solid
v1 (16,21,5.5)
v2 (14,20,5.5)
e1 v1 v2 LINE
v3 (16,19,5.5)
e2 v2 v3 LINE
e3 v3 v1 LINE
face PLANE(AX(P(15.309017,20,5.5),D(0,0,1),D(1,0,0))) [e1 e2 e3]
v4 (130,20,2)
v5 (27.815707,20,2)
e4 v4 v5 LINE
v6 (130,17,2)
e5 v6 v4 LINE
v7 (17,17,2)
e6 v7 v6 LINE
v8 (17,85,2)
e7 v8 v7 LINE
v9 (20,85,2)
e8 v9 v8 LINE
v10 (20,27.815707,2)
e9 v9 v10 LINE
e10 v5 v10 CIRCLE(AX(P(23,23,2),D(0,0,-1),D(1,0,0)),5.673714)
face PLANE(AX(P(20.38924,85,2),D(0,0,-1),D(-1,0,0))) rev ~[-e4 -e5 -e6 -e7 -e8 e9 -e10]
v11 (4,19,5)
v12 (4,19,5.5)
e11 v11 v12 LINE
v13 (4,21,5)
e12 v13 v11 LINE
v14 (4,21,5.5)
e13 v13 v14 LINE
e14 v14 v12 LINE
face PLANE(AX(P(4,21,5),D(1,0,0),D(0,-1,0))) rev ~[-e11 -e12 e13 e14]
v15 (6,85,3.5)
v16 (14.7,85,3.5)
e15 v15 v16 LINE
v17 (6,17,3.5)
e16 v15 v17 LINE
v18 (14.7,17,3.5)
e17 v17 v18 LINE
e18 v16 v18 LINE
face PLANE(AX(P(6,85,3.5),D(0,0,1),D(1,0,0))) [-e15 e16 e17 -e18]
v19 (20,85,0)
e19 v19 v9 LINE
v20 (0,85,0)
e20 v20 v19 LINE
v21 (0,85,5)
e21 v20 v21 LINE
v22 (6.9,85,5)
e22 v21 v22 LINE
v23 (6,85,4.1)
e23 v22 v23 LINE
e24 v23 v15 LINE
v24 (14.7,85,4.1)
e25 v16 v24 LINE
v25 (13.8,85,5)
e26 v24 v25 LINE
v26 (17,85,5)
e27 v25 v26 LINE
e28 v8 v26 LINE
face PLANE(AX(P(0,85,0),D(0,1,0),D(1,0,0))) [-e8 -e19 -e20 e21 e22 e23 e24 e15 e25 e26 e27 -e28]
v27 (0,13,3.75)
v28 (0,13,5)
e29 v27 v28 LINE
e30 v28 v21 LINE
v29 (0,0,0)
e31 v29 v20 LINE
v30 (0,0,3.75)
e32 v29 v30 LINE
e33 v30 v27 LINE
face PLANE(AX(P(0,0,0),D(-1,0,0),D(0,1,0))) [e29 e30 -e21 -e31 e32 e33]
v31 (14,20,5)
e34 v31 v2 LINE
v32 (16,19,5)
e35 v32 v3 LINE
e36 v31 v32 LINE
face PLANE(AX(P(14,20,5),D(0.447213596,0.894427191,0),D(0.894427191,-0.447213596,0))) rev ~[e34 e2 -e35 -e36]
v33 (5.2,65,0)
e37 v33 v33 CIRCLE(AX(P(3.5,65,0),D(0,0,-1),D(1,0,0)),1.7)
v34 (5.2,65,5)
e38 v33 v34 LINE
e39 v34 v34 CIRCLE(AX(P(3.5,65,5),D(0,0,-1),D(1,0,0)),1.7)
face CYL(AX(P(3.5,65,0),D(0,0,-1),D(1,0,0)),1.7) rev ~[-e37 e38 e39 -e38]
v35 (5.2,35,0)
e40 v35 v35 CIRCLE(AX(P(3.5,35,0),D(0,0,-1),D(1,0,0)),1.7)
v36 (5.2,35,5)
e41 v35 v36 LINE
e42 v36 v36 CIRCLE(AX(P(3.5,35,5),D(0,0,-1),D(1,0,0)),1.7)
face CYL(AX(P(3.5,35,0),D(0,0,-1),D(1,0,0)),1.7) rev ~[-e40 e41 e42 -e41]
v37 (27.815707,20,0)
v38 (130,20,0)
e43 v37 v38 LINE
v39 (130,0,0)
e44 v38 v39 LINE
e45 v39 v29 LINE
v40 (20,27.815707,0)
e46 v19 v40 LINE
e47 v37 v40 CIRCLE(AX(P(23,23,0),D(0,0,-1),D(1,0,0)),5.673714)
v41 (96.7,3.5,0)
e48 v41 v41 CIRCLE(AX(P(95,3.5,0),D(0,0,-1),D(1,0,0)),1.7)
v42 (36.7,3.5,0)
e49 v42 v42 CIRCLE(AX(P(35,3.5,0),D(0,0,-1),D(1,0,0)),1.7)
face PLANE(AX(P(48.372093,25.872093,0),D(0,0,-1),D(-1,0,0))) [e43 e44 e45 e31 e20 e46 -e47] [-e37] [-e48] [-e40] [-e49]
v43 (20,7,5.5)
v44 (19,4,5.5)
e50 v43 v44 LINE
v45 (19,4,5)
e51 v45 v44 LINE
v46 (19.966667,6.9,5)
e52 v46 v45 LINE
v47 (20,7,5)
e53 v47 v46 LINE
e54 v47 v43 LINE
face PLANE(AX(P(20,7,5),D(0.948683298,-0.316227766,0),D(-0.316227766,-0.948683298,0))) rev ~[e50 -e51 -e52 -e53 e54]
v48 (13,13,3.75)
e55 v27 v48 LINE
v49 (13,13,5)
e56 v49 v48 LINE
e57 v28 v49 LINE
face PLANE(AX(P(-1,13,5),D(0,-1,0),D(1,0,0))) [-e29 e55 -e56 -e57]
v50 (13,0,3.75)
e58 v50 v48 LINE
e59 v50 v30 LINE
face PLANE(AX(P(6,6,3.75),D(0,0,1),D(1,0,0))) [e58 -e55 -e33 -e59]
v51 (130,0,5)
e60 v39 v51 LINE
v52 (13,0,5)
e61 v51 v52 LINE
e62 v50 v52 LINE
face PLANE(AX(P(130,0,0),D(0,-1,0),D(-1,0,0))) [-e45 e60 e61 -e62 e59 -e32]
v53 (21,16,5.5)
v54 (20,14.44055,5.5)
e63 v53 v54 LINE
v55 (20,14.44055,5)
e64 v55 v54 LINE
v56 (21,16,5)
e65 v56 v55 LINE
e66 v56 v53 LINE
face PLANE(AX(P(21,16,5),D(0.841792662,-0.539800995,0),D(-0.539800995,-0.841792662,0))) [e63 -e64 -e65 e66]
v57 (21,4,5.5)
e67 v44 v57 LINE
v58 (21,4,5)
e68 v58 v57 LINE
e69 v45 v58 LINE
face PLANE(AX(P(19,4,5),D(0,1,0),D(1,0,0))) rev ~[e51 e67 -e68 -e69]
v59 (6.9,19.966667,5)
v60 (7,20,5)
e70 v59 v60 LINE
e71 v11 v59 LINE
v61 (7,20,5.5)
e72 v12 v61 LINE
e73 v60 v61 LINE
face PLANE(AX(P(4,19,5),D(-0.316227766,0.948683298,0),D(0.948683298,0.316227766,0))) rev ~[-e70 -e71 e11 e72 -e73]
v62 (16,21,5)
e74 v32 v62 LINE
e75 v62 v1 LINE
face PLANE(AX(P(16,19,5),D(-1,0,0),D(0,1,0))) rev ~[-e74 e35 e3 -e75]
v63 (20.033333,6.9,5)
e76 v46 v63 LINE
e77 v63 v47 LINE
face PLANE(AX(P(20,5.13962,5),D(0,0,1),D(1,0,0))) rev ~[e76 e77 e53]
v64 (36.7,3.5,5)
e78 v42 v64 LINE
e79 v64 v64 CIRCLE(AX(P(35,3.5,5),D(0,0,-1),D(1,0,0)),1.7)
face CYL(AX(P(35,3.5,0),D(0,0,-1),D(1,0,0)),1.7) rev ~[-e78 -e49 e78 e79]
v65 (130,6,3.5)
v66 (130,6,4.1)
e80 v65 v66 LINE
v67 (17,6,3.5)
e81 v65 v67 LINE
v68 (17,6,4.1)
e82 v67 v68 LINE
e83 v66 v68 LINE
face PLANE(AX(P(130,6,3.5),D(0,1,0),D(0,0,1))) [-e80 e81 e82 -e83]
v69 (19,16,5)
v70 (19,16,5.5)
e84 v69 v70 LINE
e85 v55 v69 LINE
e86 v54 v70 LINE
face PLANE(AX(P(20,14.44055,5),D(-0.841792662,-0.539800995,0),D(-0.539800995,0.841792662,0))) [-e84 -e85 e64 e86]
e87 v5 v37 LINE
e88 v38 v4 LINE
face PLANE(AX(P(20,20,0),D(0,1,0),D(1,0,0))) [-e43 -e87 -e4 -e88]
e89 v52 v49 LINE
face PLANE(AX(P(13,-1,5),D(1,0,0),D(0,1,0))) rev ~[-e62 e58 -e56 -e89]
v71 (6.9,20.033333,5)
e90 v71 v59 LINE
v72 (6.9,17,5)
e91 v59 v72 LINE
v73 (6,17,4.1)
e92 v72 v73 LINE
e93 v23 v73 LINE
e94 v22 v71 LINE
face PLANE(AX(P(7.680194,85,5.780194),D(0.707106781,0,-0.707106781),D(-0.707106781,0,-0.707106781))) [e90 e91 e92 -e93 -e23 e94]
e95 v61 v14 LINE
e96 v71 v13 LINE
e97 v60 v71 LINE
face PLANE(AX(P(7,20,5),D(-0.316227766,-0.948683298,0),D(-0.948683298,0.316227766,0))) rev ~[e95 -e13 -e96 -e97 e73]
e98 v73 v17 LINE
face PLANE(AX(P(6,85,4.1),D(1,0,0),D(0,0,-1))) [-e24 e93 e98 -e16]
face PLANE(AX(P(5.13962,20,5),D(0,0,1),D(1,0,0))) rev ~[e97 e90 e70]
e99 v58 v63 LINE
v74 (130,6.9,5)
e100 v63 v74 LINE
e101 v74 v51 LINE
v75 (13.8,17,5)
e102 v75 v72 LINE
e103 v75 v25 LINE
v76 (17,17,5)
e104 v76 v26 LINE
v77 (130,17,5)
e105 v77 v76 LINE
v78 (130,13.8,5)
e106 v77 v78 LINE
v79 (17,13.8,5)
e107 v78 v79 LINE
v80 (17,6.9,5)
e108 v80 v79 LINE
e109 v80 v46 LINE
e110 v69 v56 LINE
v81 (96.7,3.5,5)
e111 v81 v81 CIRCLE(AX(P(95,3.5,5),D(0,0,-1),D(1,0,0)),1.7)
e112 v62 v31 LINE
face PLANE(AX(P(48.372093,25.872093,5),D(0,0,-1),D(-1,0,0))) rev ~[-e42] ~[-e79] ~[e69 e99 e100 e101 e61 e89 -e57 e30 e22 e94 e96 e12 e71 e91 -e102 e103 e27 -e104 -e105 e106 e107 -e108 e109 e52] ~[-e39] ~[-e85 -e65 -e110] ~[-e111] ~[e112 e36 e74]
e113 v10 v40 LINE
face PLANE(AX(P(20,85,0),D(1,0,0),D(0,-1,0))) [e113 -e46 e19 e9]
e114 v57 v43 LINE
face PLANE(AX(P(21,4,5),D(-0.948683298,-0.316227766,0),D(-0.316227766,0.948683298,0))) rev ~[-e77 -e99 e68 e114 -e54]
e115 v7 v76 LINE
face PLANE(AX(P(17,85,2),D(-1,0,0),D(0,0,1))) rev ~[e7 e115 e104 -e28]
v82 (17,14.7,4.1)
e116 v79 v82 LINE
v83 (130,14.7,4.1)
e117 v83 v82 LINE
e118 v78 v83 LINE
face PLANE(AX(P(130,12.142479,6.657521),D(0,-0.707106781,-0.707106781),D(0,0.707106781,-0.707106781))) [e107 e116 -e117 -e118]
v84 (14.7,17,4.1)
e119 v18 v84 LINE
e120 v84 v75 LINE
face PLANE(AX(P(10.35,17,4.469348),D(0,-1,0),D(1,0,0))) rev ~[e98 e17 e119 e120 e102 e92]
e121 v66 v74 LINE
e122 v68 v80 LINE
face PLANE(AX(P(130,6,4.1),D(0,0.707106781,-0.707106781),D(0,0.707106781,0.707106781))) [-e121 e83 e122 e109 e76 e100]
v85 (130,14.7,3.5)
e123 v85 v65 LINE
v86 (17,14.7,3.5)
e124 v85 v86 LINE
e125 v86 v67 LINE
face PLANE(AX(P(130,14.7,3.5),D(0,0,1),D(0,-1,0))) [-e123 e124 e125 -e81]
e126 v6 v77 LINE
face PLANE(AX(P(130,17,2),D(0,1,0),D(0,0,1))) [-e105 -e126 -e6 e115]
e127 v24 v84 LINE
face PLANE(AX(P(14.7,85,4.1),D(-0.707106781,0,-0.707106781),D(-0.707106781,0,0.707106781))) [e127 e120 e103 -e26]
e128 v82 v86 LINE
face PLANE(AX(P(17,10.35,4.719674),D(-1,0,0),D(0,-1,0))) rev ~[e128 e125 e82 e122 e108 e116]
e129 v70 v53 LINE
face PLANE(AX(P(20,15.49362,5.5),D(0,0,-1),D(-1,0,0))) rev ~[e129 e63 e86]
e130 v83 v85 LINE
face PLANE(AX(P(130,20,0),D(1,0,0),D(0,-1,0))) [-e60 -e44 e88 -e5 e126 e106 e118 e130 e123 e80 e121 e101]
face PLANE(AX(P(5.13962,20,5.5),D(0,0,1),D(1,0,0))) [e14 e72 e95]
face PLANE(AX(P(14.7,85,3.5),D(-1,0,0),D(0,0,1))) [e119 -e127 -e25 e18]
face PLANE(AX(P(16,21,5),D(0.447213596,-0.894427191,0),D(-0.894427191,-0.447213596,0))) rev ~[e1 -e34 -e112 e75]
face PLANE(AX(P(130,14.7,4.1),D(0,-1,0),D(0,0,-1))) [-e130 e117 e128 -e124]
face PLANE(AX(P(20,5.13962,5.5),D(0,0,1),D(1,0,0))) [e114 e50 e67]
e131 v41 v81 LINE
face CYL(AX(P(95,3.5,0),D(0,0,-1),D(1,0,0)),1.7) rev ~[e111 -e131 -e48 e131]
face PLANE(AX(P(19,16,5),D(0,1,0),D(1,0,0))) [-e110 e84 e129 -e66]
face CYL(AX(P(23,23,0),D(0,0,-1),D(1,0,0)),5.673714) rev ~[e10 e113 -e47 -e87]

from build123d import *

# Parameters (mm, degrees)
PAD_DEPTH       = 5
POCKET_DEPTH    = 113
SKETCH002_W     = 4
SKETCH002_H     = 4
POCKET001_DEPTH = 113
SKETCH003_W     = 3.38924
SKETCH003_H     = 4
POCKET002_DEPTH = 68
POCKET003_DEPTH = 68
SKETCH005_W     = 14
SKETCH005_H     = 14
POCKET004_DEPTH = 1.25
PAD001_DEPTH    = 0.5
SKETCH007_R     = 5.673714
POCKET005_DEPTH = 5
SKETCH008_R     = 1.7
POCKET006_DEPTH = 5.501


with BuildPart() as part:
    # Sketch → Pad (new body)
    with BuildSketch(Plane.XY):
        Polygon((0, 0), (0, 85), (20, 85), (20, 20), (130, 20), (130, 0), align=None)
    extrude(amount=PAD_DEPTH)

    # Sketch001 → Pocket (cut)
    with BuildSketch(Plane.YZ.offset(130)):
        Polygon((6, 3.5), (6, 4.1), (8.557521, 6.657521), (12.142479, 6.657521), (14.7, 4.1), (14.7, 3.5), align=None)
    extrude(amount=-POCKET_DEPTH, mode=Mode.SUBTRACT)

    # Sketch002 → Pocket001 (cut)
    with BuildSketch(Plane.YZ.offset(130)):
        with Locations((19, 4)):
            Rectangle(SKETCH002_W, SKETCH002_H)
    extrude(amount=-POCKET001_DEPTH, mode=Mode.SUBTRACT)

    # Sketch003 → Pocket002 (cut)
    with BuildSketch(Plane(origin=(0, 85, 0), x_dir=(-1, 0, 0), z_dir=(0, 1, 0))):
        with Locations((-18.69462, 4)):
            Rectangle(SKETCH003_W, SKETCH003_H)
    extrude(amount=-POCKET002_DEPTH, mode=Mode.SUBTRACT)

    # Sketch004 → Pocket003 (cut)
    with BuildSketch(Plane(origin=(0, 85, 0), x_dir=(-1, 0, 0), z_dir=(0, 1, 0))):
        Polygon((-14.7, 3.5), (-14.7, 4.1), (-13.019806, 5.780194), (-7.680194, 5.780194), (-6, 4.1), (-6, 3.5), align=None)
    extrude(amount=-POCKET003_DEPTH, mode=Mode.SUBTRACT)

    # Sketch005 → Pocket004 (cut)
    with BuildSketch(Plane.XY.offset(5)):
        with Locations((6, 6)):
            Rectangle(SKETCH005_W, SKETCH005_H)
    extrude(amount=-POCKET004_DEPTH, mode=Mode.SUBTRACT)

    # Sketch006 → Pad001 (new body)
    with BuildSketch(Plane.XY.offset(5)):
        Polygon((20, 7), (19, 4), (21, 4), align=None)
        Polygon((20, 14.44055), (19, 16), (21, 16), align=None)
        Polygon((14, 20), (16, 19), (16, 21), align=None)
        Polygon((7, 20), (4, 21), (4, 19), align=None)
    extrude(amount=PAD001_DEPTH)

    # Sketch007 → Pocket005 (cut)
    with BuildSketch(Plane(origin=(0, 0, 0), x_dir=(1, 0, 0), z_dir=(0, 0, -1))):
        with Locations((23, -23)):
            Circle(SKETCH007_R)
    extrude(amount=-POCKET005_DEPTH, mode=Mode.SUBTRACT)

    # Sketch008 → Pocket006 (cut, through all)
    with BuildSketch(Plane(origin=(0, 0, 0), x_dir=(1, 0, 0), z_dir=(0, 0, -1))):
        with Locations((35, -3.5)):
            Circle(SKETCH008_R)
        with Locations((95, -3.5)):
            Circle(SKETCH008_R)
        with Locations((3.5, -35)):
            Circle(SKETCH008_R)
        with Locations((3.5, -65)):
            Circle(SKETCH008_R)
    extrude(amount=-POCKET006_DEPTH, mode=Mode.SUBTRACT)


solid = part.part
